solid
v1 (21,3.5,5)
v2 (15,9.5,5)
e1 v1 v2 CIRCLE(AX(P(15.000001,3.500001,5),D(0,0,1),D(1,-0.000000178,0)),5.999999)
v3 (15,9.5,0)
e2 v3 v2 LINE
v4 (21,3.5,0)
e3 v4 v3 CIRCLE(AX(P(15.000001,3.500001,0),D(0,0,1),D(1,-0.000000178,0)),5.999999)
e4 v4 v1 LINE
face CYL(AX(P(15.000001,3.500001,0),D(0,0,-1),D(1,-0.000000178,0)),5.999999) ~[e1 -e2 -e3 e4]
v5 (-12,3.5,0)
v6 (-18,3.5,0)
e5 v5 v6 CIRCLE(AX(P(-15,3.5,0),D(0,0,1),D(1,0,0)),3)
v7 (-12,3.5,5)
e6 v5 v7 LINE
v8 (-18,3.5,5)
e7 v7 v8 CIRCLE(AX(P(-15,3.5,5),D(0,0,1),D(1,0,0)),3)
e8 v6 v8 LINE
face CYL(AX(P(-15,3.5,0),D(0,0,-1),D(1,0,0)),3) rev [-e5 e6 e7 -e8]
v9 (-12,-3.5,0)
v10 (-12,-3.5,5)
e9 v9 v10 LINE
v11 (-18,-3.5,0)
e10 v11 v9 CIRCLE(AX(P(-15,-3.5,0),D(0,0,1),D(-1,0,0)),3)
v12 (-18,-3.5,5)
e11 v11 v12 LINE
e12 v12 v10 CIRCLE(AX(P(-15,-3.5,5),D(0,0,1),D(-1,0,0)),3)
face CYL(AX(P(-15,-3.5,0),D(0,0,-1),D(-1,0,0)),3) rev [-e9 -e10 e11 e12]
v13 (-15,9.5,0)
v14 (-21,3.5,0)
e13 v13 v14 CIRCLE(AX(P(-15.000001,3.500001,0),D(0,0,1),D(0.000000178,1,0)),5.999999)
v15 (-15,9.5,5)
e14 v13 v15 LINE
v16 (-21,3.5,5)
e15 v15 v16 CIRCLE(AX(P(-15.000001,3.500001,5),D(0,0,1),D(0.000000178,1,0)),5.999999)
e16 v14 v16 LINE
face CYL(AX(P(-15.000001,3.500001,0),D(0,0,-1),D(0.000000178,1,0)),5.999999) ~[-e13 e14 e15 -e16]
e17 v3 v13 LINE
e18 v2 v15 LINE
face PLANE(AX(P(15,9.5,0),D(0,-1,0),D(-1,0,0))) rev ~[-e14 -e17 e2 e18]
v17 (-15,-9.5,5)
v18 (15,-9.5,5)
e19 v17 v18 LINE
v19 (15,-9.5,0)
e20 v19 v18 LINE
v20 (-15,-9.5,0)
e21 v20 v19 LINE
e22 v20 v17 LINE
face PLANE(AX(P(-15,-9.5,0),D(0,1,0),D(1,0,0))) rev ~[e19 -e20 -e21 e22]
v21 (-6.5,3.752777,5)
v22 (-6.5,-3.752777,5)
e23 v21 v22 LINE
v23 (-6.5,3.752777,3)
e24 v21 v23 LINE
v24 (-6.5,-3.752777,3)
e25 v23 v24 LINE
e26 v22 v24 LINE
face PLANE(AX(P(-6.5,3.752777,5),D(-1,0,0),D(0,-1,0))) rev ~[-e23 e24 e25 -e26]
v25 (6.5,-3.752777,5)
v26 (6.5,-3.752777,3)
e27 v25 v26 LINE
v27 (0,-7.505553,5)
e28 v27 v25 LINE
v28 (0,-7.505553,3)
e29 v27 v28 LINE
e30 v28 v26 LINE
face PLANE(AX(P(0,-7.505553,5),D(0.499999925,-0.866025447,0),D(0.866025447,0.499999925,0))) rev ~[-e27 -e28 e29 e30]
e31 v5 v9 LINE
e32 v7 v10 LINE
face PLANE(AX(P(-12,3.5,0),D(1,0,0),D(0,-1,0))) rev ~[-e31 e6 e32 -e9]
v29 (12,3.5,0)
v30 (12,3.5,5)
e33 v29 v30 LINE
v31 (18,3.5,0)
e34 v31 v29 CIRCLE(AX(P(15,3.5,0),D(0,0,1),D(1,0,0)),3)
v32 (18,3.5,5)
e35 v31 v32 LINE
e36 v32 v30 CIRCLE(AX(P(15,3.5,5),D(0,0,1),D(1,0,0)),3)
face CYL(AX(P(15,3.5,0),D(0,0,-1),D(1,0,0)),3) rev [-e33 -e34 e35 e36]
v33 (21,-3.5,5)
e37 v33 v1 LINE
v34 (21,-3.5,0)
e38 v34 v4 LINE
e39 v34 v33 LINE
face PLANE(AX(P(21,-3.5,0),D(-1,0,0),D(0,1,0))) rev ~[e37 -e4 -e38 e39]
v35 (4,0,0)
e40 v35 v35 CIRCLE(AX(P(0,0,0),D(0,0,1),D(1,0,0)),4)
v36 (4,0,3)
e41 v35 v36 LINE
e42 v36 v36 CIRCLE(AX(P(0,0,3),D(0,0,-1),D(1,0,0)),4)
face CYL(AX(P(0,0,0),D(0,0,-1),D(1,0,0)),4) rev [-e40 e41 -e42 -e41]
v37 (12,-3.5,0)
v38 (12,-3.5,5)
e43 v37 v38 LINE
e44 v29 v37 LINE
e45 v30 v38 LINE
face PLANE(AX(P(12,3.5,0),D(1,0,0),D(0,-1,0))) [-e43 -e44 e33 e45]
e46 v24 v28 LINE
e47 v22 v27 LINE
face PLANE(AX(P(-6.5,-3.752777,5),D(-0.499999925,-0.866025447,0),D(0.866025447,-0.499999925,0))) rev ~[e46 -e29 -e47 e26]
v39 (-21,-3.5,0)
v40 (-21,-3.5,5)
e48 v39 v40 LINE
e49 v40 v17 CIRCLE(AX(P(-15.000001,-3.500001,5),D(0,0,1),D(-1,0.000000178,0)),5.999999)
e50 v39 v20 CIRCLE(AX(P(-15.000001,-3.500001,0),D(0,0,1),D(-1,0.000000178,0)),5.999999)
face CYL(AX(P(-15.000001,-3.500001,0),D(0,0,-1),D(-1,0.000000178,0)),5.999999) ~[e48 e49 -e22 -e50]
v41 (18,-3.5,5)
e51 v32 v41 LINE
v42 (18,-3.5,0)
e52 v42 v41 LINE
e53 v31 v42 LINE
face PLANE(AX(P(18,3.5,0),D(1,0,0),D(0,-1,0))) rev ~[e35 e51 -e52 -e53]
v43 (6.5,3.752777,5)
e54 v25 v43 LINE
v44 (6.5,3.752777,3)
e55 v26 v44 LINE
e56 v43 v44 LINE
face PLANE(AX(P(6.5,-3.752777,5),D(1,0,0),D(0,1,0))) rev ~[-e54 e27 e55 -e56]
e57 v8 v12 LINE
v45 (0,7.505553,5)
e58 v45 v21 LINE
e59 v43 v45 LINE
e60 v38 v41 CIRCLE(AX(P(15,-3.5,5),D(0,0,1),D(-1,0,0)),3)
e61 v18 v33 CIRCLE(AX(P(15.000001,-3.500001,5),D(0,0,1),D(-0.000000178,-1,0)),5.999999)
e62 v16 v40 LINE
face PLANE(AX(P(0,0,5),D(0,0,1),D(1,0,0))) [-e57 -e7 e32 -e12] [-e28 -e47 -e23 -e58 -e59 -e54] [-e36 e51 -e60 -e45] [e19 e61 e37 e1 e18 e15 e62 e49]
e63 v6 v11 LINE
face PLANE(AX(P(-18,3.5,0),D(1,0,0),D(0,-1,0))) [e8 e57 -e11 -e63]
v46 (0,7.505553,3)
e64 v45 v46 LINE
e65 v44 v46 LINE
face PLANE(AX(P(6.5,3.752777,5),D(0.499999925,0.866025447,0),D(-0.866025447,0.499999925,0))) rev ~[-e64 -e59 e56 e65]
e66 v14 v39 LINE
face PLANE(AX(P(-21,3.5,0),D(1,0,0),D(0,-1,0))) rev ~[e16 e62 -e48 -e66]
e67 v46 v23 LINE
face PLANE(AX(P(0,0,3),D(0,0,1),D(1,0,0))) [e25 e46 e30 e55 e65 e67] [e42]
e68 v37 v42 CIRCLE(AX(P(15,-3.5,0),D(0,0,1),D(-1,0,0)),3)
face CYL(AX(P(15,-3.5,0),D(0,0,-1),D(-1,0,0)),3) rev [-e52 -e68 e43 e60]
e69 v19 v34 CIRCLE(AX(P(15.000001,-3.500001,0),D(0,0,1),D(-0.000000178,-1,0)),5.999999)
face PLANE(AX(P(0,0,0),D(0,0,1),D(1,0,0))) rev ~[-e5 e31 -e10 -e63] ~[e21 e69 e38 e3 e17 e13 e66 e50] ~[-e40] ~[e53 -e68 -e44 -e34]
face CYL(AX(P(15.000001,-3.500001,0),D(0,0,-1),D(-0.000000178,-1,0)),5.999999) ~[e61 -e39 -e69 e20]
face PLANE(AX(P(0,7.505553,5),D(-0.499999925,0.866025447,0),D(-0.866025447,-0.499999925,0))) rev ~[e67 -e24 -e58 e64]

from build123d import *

# Parameters (mm, degrees)
SKETCH_R     = 4
PAD_DEPTH    = 5
POCKET_DEPTH = 2


with BuildPart() as part:
    # Sketch → Pad (new body)
    with BuildSketch(Plane.XY):
        with BuildLine():
            Line((-15, -9.5), (15, -9.5))
            ThreePointArc((15, -9.5), (19.242641, -7.742641), (21, -3.5))
            Line((21, -3.5), (21, 3.5))
            ThreePointArc((21, 3.5), (19.242641, 7.742641), (15, 9.5))
            Line((15, 9.5), (-15, 9.5))
            ThreePointArc((-15, 9.5), (-19.242641, 7.742641), (-21, 3.5))
            Line((-21, 3.5), (-21, -3.5))
            ThreePointArc((-21, -3.5), (-19.242641, -7.742641), (-15, -9.5))
        make_face()
        Circle(SKETCH_R, mode=Mode.SUBTRACT)
        with BuildLine():
            ThreePointArc((-12, 3.5), (-15, 6.5), (-18, 3.5))
            Line((-18, 3.5), (-18, -3.5))
            ThreePointArc((-18, -3.5), (-15, -6.5), (-12, -3.5))
            Line((-12, 3.5), (-12, -3.5))
        make_face(mode=Mode.SUBTRACT)
        with BuildLine():
            ThreePointArc((18, 3.5), (15, 6.5), (12, 3.5))
            Line((12, 3.5), (12, -3.5))
            ThreePointArc((12, -3.5), (15, -6.5), (18, -3.5))
            Line((18, 3.5), (18, -3.5))
        make_face(mode=Mode.SUBTRACT)
    extrude(amount=PAD_DEPTH)

    # Sketch001 (on Face19 of Pad) → Pocket (cut)
    with BuildSketch(Plane.XY.offset(5)):
        Polygon((6.5, 3.752777), (0, 7.505553), (-6.5, 3.752777), (-6.5, -3.752777), (0, -7.505553), (6.5, -3.752777), align=None)
    extrude(amount=-POCKET_DEPTH, mode=Mode.SUBTRACT)


solid = part.part
